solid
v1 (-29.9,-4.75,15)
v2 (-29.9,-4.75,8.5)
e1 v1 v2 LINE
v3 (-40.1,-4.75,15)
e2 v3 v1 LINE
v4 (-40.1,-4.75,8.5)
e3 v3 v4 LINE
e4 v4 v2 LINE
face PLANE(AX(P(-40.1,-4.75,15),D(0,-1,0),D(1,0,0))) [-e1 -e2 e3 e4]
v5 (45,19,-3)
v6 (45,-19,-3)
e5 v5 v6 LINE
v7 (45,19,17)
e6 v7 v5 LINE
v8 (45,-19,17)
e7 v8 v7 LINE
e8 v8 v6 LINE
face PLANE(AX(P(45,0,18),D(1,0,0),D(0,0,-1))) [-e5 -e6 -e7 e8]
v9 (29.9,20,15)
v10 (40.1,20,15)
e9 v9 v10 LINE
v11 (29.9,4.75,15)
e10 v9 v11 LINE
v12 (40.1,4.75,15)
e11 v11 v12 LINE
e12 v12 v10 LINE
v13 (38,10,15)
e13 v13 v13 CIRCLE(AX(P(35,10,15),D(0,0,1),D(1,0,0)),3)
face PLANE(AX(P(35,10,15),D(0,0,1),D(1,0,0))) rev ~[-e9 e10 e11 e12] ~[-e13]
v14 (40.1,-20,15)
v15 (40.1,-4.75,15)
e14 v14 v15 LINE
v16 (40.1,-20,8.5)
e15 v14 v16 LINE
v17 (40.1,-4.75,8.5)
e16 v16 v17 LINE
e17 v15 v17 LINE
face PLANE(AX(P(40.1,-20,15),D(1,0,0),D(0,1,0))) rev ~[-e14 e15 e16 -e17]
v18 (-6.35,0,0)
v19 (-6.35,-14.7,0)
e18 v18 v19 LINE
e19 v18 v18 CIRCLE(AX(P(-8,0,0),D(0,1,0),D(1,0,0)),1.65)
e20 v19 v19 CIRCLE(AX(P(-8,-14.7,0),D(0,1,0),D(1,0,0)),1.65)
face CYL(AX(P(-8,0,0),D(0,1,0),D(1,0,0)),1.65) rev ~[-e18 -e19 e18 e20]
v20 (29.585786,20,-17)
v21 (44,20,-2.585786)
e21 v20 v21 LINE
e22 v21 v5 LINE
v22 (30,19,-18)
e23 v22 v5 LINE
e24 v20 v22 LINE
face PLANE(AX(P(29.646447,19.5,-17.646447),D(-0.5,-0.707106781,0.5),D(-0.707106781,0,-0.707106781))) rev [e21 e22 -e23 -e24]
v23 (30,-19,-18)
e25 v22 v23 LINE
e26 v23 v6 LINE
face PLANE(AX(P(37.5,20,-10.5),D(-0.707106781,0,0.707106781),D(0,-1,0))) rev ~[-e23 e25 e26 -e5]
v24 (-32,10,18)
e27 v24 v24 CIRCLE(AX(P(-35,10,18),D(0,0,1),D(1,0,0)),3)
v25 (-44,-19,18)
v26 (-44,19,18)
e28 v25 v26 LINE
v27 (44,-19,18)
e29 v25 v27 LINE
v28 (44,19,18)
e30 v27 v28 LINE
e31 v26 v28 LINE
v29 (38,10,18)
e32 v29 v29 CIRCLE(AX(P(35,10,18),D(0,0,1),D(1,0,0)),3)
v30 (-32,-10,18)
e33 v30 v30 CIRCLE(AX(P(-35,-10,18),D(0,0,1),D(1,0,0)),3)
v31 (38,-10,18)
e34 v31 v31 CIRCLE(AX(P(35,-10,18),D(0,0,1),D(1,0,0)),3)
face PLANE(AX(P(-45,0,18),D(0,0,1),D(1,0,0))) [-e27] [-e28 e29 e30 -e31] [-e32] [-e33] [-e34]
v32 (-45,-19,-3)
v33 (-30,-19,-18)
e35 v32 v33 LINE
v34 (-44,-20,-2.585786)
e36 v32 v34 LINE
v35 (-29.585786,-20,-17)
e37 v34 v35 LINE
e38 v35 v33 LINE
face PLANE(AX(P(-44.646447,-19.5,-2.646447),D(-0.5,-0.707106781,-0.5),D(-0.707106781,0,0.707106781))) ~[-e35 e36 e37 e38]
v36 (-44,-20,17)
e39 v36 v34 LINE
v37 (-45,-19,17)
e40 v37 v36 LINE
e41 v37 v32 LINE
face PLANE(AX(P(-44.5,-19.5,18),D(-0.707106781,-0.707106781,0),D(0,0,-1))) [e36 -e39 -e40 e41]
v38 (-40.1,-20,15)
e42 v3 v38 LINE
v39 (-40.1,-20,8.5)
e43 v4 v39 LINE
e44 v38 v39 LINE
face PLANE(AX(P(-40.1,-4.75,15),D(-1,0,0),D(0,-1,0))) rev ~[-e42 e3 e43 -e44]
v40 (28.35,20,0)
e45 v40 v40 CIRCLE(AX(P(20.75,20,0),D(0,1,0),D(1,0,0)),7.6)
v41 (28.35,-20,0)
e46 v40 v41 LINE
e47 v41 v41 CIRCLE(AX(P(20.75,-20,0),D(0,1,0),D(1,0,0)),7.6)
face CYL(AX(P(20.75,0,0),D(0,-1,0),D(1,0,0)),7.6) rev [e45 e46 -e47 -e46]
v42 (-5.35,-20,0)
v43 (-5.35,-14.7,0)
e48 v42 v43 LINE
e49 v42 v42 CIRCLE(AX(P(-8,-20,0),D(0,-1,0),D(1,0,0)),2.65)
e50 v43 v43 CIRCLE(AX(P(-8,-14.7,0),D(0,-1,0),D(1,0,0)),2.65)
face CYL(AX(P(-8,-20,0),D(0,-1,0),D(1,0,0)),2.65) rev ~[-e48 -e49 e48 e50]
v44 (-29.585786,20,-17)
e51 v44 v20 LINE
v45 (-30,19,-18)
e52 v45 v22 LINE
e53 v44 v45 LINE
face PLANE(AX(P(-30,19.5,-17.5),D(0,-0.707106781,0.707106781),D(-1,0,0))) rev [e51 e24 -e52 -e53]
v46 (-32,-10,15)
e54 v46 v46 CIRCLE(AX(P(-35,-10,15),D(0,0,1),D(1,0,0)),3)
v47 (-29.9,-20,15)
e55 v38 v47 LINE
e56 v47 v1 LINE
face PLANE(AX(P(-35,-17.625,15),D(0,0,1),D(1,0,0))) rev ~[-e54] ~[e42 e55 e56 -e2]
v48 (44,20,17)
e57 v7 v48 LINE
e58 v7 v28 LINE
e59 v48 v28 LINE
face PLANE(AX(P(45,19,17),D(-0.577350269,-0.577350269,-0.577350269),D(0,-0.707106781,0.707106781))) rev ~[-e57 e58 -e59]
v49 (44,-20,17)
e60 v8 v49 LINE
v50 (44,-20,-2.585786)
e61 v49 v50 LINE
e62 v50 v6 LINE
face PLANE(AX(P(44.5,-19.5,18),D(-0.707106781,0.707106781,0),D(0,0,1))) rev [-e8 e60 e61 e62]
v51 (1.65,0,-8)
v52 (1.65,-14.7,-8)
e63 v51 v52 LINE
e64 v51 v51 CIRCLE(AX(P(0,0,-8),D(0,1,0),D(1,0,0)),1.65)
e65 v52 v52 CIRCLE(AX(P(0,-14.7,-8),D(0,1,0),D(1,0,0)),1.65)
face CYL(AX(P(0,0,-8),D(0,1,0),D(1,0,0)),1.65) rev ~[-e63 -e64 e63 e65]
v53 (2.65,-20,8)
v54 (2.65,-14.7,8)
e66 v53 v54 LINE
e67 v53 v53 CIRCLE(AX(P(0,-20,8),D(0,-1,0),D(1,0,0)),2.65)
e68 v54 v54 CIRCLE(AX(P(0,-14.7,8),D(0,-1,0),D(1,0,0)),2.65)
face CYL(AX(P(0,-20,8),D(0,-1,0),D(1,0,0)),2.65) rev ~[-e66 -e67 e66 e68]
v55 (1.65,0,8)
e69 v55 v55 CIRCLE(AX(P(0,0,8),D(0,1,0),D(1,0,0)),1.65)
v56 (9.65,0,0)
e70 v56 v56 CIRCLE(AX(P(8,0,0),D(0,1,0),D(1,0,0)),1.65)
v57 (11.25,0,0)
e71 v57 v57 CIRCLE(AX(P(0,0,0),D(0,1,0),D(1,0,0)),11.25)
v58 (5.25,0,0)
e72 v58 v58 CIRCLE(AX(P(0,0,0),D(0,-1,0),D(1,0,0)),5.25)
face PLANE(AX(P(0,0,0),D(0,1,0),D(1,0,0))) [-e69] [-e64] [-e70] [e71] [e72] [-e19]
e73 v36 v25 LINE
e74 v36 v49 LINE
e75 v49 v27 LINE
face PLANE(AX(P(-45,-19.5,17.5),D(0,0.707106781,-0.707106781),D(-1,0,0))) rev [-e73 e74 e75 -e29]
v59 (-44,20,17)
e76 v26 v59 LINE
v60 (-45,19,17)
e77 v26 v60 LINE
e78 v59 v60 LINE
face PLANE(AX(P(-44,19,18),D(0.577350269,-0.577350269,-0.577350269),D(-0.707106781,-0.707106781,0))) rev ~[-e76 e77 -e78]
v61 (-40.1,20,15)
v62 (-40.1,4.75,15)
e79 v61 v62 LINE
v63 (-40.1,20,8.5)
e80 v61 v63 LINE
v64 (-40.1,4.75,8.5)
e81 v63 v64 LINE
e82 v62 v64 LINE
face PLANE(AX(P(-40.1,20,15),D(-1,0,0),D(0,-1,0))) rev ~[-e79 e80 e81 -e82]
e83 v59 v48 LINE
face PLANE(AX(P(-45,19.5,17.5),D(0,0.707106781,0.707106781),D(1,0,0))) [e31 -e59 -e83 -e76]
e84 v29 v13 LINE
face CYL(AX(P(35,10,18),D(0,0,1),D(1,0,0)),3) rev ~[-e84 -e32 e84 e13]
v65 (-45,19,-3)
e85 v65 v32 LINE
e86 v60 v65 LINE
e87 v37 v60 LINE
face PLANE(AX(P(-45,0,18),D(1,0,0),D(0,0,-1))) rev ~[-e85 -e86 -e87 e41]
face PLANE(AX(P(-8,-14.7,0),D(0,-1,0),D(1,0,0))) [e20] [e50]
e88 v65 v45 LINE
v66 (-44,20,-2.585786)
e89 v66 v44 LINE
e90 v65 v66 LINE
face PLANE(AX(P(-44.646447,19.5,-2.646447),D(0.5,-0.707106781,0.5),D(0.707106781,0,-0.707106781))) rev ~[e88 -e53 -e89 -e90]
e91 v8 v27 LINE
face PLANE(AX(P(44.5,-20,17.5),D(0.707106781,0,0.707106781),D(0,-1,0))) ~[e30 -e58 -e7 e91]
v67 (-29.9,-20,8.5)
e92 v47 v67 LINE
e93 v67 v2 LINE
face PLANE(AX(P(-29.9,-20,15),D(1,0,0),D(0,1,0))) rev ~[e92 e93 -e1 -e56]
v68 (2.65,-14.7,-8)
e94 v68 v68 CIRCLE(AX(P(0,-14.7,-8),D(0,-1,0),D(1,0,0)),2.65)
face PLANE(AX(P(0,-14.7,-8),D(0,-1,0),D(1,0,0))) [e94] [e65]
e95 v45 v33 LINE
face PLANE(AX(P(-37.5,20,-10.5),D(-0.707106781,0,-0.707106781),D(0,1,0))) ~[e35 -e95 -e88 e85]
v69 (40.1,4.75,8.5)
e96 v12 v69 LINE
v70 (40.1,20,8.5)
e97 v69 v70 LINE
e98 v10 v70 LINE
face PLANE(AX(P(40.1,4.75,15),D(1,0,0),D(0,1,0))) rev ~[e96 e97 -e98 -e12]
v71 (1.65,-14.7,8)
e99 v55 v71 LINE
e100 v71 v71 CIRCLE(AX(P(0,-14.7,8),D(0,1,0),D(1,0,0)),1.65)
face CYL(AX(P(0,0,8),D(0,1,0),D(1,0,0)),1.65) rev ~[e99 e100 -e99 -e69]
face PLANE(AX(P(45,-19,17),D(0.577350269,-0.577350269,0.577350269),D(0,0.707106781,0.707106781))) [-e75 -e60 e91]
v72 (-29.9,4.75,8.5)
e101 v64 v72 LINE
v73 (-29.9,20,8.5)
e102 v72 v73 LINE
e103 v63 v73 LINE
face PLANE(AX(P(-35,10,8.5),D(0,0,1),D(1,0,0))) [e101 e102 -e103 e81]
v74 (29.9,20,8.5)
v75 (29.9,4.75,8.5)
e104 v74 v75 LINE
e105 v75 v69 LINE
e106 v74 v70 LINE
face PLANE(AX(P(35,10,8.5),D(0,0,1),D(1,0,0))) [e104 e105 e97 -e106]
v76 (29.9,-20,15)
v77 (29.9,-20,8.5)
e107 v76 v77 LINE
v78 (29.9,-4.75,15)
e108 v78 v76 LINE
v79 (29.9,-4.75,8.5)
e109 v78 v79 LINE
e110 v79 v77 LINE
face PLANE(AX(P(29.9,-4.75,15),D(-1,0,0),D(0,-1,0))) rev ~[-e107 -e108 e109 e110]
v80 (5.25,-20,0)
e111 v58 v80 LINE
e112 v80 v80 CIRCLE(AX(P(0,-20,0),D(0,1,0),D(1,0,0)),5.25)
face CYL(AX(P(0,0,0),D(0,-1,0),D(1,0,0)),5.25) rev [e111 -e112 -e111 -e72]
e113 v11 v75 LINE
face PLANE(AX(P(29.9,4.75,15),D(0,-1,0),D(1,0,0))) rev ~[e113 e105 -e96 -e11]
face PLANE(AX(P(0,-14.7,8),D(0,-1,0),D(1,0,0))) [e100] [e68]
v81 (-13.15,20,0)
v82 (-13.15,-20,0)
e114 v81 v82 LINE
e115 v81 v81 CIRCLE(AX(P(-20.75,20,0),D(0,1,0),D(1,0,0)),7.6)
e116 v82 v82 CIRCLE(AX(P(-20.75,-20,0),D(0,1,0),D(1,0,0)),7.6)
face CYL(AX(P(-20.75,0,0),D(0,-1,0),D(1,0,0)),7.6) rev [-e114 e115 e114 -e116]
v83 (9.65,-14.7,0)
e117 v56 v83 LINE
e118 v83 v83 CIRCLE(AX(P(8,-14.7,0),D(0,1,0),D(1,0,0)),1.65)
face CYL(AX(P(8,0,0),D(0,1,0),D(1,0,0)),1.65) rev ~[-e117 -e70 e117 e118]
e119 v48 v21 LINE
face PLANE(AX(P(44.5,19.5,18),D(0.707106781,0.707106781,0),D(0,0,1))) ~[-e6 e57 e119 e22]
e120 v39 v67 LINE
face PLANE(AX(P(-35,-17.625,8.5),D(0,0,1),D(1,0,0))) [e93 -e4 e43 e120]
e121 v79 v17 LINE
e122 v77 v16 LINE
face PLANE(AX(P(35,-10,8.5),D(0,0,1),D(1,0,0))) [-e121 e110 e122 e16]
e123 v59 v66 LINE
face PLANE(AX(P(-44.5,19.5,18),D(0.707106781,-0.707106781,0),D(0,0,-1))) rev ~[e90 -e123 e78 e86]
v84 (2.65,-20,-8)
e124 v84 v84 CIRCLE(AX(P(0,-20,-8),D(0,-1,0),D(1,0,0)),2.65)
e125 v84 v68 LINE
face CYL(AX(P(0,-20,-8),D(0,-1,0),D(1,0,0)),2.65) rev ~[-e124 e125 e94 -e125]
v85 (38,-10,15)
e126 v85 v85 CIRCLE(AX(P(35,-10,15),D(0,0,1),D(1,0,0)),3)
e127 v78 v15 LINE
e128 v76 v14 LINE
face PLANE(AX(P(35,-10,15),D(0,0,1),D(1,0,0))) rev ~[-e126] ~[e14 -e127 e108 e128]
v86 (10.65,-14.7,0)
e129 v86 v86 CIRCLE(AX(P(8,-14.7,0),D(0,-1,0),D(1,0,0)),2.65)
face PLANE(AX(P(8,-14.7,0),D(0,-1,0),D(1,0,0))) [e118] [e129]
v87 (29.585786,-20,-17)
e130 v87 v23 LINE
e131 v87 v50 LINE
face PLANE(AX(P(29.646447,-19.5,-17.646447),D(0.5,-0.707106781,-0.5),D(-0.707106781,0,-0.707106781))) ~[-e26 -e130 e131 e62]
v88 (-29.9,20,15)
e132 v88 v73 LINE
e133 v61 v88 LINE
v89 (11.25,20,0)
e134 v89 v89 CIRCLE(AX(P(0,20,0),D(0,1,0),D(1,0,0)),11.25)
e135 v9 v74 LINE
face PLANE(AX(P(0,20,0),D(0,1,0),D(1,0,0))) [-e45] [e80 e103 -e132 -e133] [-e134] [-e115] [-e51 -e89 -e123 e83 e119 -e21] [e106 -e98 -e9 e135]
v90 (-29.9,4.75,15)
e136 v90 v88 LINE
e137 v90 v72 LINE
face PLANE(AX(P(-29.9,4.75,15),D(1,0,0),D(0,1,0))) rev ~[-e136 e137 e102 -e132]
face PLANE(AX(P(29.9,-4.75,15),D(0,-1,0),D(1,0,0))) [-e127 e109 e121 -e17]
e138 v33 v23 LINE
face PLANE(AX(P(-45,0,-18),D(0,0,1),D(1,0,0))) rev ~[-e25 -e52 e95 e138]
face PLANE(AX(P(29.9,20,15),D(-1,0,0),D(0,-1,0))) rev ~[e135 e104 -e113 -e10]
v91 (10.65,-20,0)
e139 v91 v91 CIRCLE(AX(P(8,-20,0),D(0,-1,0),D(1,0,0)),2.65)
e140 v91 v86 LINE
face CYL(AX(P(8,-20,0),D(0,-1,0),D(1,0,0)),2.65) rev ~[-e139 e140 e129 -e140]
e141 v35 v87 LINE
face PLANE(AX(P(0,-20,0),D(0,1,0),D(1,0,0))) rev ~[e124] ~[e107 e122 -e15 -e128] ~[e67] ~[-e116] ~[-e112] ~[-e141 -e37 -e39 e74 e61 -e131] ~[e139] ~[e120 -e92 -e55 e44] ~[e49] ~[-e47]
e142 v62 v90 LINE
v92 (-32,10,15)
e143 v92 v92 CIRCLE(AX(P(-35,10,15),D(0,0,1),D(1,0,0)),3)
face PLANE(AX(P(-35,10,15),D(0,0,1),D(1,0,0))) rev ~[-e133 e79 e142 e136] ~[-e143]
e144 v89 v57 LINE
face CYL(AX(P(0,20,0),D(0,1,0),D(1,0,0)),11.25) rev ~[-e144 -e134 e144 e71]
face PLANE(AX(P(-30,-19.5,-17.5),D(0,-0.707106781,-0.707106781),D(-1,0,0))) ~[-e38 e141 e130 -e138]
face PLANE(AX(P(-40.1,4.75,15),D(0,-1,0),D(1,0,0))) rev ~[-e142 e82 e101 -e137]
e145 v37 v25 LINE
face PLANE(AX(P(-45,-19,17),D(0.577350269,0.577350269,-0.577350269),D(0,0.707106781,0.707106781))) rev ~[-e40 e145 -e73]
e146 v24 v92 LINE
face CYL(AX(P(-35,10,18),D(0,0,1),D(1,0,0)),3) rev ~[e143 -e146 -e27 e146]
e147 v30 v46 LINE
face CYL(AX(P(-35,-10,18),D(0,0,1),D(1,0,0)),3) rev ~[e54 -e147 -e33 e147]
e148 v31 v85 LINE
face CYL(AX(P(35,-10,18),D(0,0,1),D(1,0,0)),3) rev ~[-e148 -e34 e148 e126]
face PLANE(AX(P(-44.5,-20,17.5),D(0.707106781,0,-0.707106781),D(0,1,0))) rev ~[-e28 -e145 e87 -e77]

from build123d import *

# Parameters (mm, degrees)
SKETCH1_W           = 90
SKETCH1_H           = 36
SKETCH1_R           = 5.25
SKETCH1_R_2         = 7.6
BOSS_EXTRUDE1_DEPTH = 20
SKETCH2_R           = 11.25
CUT_EXTRUDE1_DEPTH  = 20
CHAMFER1_SIZE       = 15
CUT_EXTRUDE2_REACH  = 22
SKETCH4_R           = 1.65
SKETCH11_R          = 2.65
CUT_EXTRUDE7_DEPTH  = 5.3
SKETCH12_R          = 3
CUT_EXTRUDE8_DEPTH  = 5
CUT_EXTRUDE10_START = -3
SKETCH14_W          = 10.2
SKETCH14_H          = 10.5
SKETCH14_R          = 3
SKETCH14_H_2        = 4.75
CUT_EXTRUDE10_DEPTH = 6.5
CHAMFER2_SIZE       = 1


with BuildPart() as part:
    # Sketch1 → Boss-Extrude1 (new body, symmetric)
    with BuildSketch(Plane(origin=(0, 0, 0), x_dir=(1, 0, 0), z_dir=(0, 1, 0))):
        Rectangle(SKETCH1_W, SKETCH1_H)
        Circle(SKETCH1_R, mode=Mode.SUBTRACT)
        with Locations((-20.75, 0)):
            Circle(SKETCH1_R_2, mode=Mode.SUBTRACT)
        with Locations((20.75, 0)):
            Circle(SKETCH1_R_2, mode=Mode.SUBTRACT)
    extrude(amount=BOSS_EXTRUDE1_DEPTH, both=True)

    # Sketch2 → Cut-Extrude1 (cut)
    with BuildSketch(Plane(origin=(0, 20, 0), x_dir=(1, 0, 0), z_dir=(0, 1, 0))):
        Circle(SKETCH2_R)
    extrude(amount=-CUT_EXTRUDE1_DEPTH, mode=Mode.SUBTRACT)

    # Chamfer1
    chamfer1_edges = [part.edges().sort_by_distance(p)[0] for p in [
        (-45, 0, -18),
        (45, 0, -18),
    ]]
    chamfer(chamfer1_edges, length=CHAMFER1_SIZE)

    # Sketch4 → Cut-Extrude2 (cut, up to next)
    with BuildSketch(Plane(origin=(0, 0, 0), x_dir=(1, 0, 0), z_dir=(0, 1, 0)), mode=Mode.PRIVATE) as cut_extrude2_sk1:
        with Locations((0, 8)):
            Circle(SKETCH4_R)
    cut_extrude2_tool1 = extrude(cut_extrude2_sk1.sketch, amount=-CUT_EXTRUDE2_REACH, mode=Mode.PRIVATE) & part.part
    add(cut_extrude2_tool1.solids().sort_by_distance((0, 0, -8))[0], mode=Mode.SUBTRACT)
    # Sketch4 → Cut-Extrude2 (cut, up to next)
    with BuildSketch(Plane(origin=(0, 0, 0), x_dir=(1, 0, 0), z_dir=(0, 1, 0)), mode=Mode.PRIVATE) as cut_extrude2_sk2:
        with Locations((8, 0)):
            Circle(SKETCH4_R)
    cut_extrude2_tool2 = extrude(cut_extrude2_sk2.sketch, amount=-CUT_EXTRUDE2_REACH, mode=Mode.PRIVATE) & part.part
    add(cut_extrude2_tool2.solids().sort_by_distance((8, 0, 0))[0], mode=Mode.SUBTRACT)
    # Sketch4 → Cut-Extrude2 (cut, up to next)
    with BuildSketch(Plane(origin=(0, 0, 0), x_dir=(1, 0, 0), z_dir=(0, 1, 0)), mode=Mode.PRIVATE) as cut_extrude2_sk3:
        with Locations((0, -8)):
            Circle(SKETCH4_R)
    cut_extrude2_tool3 = extrude(cut_extrude2_sk3.sketch, amount=-CUT_EXTRUDE2_REACH, mode=Mode.PRIVATE) & part.part
    add(cut_extrude2_tool3.solids().sort_by_distance((0, 0, 8))[0], mode=Mode.SUBTRACT)
    # Sketch4 → Cut-Extrude2 (cut, up to next)
    with BuildSketch(Plane(origin=(0, 0, 0), x_dir=(1, 0, 0), z_dir=(0, 1, 0)), mode=Mode.PRIVATE) as cut_extrude2_sk4:
        with Locations((-8, 0)):
            Circle(SKETCH4_R)
    cut_extrude2_tool4 = extrude(cut_extrude2_sk4.sketch, amount=-CUT_EXTRUDE2_REACH, mode=Mode.PRIVATE) & part.part
    add(cut_extrude2_tool4.solids().sort_by_distance((-8, 0, 0))[0], mode=Mode.SUBTRACT)

    # Sketch11 → Cut-Extrude7 (cut)
    with BuildSketch(Plane.XZ.offset(20)):
        with Locations((-8, 0)):
            Circle(SKETCH11_R)
        with Locations((0, 8)):
            Circle(SKETCH11_R)
        with Locations((8, 0)):
            Circle(SKETCH11_R)
        with Locations((0, -8)):
            Circle(SKETCH11_R)
    extrude(amount=-CUT_EXTRUDE7_DEPTH, mode=Mode.SUBTRACT)

    # Sketch12 → Cut-Extrude8 (cut)
    with BuildSketch(Plane.XY.offset(18)):
        with Locations((-35, 10)):
            Circle(SKETCH12_R)
        with Locations((-35, -10)):
            Circle(SKETCH12_R)
        with Locations((35, -10)):
            Circle(SKETCH12_R)
        with Locations((35, 10)):
            Circle(SKETCH12_R)
    extrude(amount=-CUT_EXTRUDE8_DEPTH, mode=Mode.SUBTRACT)

    # Sketch14 → Cut-Extrude10 (cut)
    with BuildSketch(Plane.XY.offset(18).offset(CUT_EXTRUDE10_START)):
        with Locations((-35, 10)):
            Rectangle(SKETCH14_W, SKETCH14_H)
        with Locations((-35, 10)):
            Circle(SKETCH14_R, mode=Mode.SUBTRACT)
        with Locations((-35, 17.625)):
            Rectangle(SKETCH14_W, SKETCH14_H_2)
        with Locations((-35, -17.625)):
            Rectangle(SKETCH14_W, SKETCH14_H_2)
        with Locations((-35, -10)):
            Rectangle(SKETCH14_W, SKETCH14_H)
        with Locations((-35, -10)):
            Circle(SKETCH14_R, mode=Mode.SUBTRACT)
        with Locations((35, -10)):
            Rectangle(SKETCH14_W, SKETCH14_H)
        with Locations((35, -10)):
            Circle(SKETCH14_R, mode=Mode.SUBTRACT)
        with Locations((35, -17.625)):
            Rectangle(SKETCH14_W, SKETCH14_H_2)
        with Locations((35, 10)):
            Rectangle(SKETCH14_W, SKETCH14_H)
        with Locations((35, 10)):
            Circle(SKETCH14_R, mode=Mode.SUBTRACT)
        with Locations((35, 17.625)):
            Rectangle(SKETCH14_W, SKETCH14_H_2)
        with Locations((-35, -10)):
            Circle(SKETCH14_R)
        with Locations((35, -10)):
            Circle(SKETCH14_R)
        with Locations((35, 10)):
            Circle(SKETCH14_R)
        with Locations((-35, 10)):
            Circle(SKETCH14_R)
    extrude(amount=-CUT_EXTRUDE10_DEPTH, mode=Mode.SUBTRACT)

    # Chamfer2
    chamfer2_edges = [part.edges().sort_by_distance(p)[0] for p in [
        (0, -20, 18),
        (0, 20, -18),
        (-45, 20, 7.5),
        (-37.5, 20, -10.5),
        (37.5, 20, -10.5),
        (0, -20, -18),
        (-45, -20, 7.5),
        (-37.5, -20, -10.5),
        (37.5, -20, -10.5),
        (45, -20, 7.5),
        (0, 20, 18),
        (45, 20, 7.5),
        (45, 0, 18),
        (-45, 0, 18),
    ]]
    chamfer(chamfer2_edges, length=CHAMFER2_SIZE)


solid = part.part
